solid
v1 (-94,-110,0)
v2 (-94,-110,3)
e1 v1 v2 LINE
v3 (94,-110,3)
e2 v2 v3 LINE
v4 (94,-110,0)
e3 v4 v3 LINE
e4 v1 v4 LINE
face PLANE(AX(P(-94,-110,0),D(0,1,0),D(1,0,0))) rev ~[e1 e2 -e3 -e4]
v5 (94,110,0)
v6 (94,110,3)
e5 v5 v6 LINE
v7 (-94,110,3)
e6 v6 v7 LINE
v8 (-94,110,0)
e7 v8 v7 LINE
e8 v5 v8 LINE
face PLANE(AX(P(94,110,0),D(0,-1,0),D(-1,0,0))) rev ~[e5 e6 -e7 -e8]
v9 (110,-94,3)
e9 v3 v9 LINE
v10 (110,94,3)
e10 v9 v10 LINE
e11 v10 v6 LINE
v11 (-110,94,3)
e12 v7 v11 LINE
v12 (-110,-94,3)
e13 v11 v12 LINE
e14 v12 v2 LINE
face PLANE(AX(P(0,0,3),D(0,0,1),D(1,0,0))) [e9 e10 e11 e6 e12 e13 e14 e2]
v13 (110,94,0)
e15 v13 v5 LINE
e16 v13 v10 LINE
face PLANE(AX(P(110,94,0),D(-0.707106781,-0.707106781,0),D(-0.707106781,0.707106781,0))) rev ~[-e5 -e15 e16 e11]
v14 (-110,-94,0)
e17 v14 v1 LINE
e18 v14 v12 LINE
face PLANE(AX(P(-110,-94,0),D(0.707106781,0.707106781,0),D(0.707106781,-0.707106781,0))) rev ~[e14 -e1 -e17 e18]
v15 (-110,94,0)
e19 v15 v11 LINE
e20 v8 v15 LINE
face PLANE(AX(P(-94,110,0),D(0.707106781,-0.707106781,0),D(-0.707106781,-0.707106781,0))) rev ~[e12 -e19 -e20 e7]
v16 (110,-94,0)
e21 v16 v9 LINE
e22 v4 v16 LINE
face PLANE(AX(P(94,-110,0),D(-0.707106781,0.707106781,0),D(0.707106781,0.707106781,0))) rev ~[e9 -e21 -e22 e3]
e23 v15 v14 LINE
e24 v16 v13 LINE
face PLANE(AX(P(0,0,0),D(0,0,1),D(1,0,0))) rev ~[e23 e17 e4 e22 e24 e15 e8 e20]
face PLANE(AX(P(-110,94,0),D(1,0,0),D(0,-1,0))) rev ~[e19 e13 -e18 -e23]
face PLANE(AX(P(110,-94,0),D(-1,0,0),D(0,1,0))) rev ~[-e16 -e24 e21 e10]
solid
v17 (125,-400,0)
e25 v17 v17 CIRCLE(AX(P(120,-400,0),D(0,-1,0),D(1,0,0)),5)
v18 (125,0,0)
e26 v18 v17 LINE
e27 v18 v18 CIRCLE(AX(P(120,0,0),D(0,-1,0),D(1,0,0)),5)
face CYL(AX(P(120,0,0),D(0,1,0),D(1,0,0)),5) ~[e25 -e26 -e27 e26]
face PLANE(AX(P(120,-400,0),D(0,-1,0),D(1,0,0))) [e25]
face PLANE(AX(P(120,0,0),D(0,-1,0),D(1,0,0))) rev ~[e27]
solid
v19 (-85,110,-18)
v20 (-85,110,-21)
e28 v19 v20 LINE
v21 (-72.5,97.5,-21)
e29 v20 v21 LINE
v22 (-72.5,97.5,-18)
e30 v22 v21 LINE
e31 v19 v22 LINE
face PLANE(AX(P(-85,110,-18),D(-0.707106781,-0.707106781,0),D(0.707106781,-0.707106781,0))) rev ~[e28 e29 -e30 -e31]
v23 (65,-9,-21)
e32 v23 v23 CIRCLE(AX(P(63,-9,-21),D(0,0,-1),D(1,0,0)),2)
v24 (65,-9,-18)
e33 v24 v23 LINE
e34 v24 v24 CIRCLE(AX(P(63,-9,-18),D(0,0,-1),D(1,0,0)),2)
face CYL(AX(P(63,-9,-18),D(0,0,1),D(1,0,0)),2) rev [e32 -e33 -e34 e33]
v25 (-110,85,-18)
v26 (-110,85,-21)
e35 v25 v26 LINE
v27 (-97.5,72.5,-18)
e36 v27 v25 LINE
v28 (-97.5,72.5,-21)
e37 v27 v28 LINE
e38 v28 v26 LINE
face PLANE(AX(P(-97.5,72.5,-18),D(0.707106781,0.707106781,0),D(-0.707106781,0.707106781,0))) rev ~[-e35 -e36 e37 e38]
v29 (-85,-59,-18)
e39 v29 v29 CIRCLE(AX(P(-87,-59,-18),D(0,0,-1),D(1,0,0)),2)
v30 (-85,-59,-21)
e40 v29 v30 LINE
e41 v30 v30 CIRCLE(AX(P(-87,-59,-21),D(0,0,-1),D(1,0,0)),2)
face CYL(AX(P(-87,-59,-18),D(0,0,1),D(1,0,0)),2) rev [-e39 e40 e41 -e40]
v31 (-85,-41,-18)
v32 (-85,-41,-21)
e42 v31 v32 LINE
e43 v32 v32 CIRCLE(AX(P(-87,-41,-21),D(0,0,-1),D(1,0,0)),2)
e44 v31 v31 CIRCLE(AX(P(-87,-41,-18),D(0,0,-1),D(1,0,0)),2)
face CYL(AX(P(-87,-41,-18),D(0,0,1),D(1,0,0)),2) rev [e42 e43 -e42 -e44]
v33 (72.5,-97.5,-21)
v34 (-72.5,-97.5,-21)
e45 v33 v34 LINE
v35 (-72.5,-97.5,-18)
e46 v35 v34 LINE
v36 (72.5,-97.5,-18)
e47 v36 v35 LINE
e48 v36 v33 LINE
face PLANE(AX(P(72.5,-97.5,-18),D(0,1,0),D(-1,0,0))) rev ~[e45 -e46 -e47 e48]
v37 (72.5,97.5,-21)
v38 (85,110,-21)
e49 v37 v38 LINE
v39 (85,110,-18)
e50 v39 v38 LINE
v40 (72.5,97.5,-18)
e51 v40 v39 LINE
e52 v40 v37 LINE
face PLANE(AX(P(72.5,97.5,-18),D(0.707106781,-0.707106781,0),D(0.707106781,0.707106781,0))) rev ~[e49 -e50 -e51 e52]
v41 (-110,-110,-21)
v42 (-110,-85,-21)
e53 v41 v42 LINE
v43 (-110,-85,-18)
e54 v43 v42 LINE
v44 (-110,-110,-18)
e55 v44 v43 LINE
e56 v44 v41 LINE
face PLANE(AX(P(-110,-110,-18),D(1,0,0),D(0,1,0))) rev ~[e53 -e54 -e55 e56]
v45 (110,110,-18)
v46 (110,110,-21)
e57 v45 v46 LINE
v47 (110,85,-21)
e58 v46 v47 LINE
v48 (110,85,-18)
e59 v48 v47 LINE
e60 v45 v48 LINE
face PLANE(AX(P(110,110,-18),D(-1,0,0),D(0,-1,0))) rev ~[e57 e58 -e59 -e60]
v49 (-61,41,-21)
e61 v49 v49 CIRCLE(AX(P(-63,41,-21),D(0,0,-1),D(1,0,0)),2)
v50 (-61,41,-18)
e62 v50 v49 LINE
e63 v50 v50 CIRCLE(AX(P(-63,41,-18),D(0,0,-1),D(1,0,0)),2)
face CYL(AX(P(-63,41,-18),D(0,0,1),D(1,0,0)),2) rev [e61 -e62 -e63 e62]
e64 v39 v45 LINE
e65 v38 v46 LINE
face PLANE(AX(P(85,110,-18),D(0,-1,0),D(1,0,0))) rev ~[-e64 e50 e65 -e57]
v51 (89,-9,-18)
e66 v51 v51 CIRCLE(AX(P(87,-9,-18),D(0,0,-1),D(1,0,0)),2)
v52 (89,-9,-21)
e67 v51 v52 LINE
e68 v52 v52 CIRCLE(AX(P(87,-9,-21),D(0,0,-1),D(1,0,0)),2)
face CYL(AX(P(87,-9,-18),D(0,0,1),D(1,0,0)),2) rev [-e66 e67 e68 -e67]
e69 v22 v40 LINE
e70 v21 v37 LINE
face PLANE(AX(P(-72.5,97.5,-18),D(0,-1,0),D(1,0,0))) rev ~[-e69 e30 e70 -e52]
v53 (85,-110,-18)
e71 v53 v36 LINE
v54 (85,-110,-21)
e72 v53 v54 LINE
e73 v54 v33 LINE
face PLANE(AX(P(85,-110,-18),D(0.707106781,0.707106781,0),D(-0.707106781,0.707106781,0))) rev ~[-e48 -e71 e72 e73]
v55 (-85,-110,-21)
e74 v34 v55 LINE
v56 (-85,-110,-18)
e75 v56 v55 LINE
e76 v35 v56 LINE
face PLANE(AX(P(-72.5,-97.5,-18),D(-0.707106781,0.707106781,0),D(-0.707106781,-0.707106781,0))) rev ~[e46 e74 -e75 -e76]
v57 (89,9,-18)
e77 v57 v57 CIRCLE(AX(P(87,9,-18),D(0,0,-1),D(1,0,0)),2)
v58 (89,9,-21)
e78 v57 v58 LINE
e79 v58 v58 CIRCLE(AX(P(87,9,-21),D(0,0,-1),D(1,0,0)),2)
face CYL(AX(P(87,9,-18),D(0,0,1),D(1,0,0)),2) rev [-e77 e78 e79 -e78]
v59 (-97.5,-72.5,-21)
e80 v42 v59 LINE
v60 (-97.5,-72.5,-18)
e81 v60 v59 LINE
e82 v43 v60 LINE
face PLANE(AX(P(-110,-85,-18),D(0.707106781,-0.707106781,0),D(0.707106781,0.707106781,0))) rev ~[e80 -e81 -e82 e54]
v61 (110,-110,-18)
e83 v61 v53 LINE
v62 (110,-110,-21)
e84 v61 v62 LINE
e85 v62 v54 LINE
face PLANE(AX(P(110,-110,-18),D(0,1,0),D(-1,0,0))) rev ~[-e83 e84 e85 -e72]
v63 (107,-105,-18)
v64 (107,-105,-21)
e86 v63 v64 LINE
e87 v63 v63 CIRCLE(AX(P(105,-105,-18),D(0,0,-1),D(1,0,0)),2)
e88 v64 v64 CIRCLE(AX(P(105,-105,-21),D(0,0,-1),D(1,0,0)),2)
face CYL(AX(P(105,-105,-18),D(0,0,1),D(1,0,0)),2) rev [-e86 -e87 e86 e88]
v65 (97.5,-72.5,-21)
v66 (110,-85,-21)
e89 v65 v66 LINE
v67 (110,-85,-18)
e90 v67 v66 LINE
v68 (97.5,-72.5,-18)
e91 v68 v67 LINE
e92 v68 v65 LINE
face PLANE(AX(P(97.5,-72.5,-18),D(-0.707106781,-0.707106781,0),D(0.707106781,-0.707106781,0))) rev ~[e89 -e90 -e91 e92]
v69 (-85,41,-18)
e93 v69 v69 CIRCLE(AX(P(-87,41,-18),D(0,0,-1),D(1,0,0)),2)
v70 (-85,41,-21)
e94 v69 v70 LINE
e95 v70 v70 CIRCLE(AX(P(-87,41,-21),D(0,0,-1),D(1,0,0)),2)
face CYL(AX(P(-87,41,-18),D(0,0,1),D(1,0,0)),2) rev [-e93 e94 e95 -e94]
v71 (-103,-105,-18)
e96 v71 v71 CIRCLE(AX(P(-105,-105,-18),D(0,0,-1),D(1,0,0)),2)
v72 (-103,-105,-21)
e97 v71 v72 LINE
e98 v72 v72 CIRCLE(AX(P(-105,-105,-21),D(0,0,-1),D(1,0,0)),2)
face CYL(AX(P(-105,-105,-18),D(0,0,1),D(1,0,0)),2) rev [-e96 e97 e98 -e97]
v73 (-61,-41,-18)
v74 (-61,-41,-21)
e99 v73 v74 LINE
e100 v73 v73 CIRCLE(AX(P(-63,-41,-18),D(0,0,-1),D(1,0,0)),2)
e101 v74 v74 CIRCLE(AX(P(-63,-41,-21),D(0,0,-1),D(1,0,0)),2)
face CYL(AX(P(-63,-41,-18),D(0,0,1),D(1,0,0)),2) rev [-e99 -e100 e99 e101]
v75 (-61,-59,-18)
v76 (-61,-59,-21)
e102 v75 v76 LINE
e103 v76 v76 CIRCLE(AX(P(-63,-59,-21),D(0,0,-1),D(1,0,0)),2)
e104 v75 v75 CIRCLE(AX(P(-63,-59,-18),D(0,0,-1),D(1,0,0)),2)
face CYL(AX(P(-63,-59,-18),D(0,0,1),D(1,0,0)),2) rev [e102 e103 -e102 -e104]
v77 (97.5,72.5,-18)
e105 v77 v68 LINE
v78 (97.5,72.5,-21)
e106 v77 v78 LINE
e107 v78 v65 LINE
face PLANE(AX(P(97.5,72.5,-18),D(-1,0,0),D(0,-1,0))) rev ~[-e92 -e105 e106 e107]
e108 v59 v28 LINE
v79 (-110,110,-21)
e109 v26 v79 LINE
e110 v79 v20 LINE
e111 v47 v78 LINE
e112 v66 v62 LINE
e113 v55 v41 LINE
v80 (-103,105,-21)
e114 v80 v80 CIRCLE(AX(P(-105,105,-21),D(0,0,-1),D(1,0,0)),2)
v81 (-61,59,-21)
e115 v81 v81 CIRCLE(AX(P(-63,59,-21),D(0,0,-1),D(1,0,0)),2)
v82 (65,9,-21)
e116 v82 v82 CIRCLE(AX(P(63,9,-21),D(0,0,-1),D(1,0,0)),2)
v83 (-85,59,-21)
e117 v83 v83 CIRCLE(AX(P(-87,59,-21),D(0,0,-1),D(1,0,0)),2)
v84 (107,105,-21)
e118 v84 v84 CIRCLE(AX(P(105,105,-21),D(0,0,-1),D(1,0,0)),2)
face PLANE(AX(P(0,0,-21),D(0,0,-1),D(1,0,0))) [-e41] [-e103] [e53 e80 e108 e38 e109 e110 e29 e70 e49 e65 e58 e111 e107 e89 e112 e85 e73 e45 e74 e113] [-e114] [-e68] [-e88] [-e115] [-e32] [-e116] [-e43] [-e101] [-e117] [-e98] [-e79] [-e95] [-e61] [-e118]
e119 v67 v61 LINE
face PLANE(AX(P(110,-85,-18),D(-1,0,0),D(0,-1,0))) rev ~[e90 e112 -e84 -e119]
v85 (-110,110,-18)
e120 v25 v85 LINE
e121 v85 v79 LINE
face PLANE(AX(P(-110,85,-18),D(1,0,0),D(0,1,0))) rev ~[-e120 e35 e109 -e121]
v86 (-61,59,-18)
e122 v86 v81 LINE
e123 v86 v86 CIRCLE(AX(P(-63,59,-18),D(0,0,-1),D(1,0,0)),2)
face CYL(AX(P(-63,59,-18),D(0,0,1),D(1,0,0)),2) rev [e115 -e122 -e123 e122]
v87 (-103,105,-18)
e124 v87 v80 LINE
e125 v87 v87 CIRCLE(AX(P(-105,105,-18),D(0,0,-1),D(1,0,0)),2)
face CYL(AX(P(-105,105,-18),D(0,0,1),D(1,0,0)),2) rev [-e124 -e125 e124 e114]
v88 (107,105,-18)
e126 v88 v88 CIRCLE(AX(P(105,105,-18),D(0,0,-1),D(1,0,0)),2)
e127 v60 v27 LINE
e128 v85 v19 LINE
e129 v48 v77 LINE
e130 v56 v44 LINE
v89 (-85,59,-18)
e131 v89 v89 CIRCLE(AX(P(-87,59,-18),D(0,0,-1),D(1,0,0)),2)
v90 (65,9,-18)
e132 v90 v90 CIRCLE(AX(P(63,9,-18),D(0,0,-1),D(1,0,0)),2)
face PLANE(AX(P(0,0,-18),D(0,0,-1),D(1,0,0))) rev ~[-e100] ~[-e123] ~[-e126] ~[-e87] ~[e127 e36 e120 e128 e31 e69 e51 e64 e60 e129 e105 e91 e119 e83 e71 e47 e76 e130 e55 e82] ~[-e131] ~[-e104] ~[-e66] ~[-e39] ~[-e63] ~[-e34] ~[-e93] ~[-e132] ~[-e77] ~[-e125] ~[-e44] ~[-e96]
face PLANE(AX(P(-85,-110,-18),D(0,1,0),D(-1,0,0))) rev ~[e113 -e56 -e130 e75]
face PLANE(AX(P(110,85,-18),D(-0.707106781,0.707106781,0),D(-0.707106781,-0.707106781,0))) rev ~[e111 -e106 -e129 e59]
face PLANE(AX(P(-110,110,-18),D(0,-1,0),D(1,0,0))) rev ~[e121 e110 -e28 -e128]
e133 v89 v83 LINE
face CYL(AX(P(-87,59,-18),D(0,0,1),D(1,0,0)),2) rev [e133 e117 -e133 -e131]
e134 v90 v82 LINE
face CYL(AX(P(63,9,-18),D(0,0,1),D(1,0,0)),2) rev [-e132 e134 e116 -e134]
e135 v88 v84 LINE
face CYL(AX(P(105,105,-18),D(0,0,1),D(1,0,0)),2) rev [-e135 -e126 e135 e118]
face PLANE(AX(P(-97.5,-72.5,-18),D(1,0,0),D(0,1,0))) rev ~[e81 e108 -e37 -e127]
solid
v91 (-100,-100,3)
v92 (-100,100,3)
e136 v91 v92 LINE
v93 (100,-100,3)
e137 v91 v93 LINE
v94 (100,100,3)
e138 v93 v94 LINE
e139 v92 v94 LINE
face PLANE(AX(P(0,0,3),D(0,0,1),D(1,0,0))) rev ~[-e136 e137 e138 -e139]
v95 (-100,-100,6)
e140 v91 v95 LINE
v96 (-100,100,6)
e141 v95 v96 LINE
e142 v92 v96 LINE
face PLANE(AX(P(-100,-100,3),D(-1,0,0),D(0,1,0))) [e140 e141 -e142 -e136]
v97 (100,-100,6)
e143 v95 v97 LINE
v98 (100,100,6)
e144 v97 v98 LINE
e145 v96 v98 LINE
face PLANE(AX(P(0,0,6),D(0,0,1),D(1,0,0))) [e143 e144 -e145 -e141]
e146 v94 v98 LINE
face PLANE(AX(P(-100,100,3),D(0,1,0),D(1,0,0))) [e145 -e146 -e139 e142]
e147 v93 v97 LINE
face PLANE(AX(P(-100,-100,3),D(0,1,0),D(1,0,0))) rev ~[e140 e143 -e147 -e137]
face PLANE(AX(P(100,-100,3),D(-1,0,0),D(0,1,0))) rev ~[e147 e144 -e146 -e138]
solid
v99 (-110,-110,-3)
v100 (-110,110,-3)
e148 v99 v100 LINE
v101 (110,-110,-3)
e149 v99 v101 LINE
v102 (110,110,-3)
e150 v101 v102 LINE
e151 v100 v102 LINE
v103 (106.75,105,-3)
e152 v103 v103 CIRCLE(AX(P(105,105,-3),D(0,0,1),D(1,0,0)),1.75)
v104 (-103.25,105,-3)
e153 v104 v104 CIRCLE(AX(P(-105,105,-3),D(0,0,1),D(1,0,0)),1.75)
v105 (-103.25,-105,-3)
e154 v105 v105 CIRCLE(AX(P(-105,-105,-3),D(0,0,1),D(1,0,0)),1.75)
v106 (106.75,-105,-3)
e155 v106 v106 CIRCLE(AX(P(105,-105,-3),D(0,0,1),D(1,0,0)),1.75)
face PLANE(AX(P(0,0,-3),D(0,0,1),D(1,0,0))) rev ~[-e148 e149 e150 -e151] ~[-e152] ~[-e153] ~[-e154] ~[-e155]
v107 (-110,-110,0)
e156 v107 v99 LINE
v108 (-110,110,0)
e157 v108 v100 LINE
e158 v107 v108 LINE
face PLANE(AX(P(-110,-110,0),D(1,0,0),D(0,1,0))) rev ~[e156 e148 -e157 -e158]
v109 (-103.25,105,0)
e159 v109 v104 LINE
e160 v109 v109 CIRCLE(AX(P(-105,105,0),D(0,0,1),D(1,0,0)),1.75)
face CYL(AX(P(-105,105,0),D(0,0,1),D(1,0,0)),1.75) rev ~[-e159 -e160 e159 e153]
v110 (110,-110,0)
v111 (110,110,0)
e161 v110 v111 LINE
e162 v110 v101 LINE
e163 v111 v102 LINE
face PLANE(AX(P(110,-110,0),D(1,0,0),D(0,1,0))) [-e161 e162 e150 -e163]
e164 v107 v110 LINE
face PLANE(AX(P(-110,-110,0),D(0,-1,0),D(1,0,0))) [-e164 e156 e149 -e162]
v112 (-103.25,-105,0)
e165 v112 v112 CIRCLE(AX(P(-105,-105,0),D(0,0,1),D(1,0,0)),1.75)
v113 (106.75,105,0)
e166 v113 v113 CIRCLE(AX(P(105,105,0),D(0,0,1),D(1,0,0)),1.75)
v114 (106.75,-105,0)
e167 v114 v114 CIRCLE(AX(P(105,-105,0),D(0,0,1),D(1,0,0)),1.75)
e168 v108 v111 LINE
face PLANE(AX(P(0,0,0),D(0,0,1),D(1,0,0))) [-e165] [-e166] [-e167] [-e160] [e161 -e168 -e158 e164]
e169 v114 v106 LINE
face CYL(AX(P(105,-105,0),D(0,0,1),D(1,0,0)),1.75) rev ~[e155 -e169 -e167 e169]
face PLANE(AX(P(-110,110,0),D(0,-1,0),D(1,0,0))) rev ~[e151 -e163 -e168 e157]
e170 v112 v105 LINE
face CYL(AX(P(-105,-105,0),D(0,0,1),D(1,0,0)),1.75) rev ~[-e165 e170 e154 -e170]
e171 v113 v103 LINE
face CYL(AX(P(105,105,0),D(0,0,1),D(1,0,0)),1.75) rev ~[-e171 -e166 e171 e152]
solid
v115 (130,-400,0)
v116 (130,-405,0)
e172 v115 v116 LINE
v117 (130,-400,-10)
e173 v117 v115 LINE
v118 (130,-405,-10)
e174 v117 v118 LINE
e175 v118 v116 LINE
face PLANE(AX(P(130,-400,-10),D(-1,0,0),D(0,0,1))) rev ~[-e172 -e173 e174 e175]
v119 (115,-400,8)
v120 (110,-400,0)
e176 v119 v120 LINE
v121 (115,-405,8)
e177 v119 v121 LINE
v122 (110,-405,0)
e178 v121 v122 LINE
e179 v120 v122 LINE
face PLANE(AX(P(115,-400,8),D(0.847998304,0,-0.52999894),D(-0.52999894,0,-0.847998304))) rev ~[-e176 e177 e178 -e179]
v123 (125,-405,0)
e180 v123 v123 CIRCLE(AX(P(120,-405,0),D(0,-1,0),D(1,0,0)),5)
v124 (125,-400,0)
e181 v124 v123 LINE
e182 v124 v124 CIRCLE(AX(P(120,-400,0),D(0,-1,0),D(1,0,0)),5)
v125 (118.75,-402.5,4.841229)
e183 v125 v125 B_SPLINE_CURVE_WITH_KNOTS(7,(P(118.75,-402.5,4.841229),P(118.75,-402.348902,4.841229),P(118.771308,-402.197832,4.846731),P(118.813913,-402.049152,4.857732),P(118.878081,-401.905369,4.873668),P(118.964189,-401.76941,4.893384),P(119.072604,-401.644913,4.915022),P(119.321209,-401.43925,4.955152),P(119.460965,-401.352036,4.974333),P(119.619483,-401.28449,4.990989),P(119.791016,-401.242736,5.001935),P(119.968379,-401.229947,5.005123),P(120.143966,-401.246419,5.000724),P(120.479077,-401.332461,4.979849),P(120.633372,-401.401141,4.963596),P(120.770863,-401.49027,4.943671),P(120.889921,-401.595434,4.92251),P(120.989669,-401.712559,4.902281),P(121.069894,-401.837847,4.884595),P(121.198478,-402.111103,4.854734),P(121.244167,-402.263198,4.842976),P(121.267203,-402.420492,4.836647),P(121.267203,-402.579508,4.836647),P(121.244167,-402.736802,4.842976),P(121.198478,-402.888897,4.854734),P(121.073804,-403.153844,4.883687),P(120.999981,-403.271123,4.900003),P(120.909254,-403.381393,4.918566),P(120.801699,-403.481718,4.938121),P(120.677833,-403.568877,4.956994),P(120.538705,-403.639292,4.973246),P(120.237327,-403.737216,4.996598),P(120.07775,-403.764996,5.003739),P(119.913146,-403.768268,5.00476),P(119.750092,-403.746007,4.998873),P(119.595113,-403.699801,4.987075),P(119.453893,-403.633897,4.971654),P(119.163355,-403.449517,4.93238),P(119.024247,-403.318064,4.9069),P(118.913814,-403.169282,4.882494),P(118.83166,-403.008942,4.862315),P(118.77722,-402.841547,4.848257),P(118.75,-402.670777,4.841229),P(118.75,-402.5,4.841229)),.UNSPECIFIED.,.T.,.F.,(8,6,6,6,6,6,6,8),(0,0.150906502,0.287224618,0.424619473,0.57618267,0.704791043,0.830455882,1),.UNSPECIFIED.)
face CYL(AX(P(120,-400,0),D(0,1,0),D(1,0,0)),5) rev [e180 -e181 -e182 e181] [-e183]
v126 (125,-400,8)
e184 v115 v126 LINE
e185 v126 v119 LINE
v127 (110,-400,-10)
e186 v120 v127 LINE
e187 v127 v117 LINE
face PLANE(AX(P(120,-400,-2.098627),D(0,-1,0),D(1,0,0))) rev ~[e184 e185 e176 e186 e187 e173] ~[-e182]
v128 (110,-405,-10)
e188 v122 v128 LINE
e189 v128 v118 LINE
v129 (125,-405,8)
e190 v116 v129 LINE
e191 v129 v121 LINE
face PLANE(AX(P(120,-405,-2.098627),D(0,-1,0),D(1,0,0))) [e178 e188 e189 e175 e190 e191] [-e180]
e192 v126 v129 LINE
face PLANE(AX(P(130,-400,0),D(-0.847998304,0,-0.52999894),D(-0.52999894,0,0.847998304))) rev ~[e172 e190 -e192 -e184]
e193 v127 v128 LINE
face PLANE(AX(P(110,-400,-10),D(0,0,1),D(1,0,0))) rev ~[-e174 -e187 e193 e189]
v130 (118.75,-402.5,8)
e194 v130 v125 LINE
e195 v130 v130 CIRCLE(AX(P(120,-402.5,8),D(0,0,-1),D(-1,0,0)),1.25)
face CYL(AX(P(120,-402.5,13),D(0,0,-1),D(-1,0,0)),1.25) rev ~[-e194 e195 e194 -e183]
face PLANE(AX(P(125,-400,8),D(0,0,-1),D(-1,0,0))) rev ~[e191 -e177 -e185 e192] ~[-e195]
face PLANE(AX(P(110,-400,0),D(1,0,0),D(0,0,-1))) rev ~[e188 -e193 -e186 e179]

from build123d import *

# Parameters (mm, degrees)
F1_DEPTH  = 3
F2_W      = 200
F2_H      = 200
F3_DEPTH  = 3
F4_W      = 220
F4_H      = 220
F4_R      = 1.75
F5_DEPTH  = 3
F7_R      = 2
F8_DEPTH  = 3
F9_R      = 5
F10_DEPTH = 400
F11_R     = 5
F12_DEPTH = 5
F14_D     = 2.5
F14_DEPTH = 5
F14_TIP   = 0.7510757738


with BuildPart() as f1:
    # F0 (on Top) → F1 (new body)
    with BuildSketch(Plane.XY):
        Polygon((110, -94), (110, 0), (110, 94), (94, 110), (0, 110), (-94, 110), (-110, 94), (-110, 0), (-110, -94), (-94, -110), (0, -110), (94, -110), align=None)
    extrude(amount=F1_DEPTH)


with BuildPart() as f3:
    # F2 (on face) → F3 (new body)
    with BuildSketch(Plane.XY.offset(3)):
        Rectangle(F2_W, F2_H)
    extrude(amount=F3_DEPTH)


with BuildPart() as f5:
    # F4 (on face) → F5 (new body)
    with BuildSketch(Plane.XY):
        Rectangle(F4_W, F4_H)
        with Locations((-105, -105)):
            Circle(F4_R, mode=Mode.SUBTRACT)
        with Locations((105, -105)):
            Circle(F4_R, mode=Mode.SUBTRACT)
        with Locations((-105, 105)):
            Circle(F4_R, mode=Mode.SUBTRACT)
        with Locations((105, 105)):
            Circle(F4_R, mode=Mode.SUBTRACT)
    extrude(amount=-F5_DEPTH)


with BuildPart() as f8:
    # F7 (on offset) → F8 (new body)
    with BuildSketch(Plane(origin=(0, 0, -18), x_dir=(1, 0, 0), z_dir=(0, 0, -1))):
        Polygon((72.5, 97.5), (0, 97.5), (-72.5, 97.5), (-85, 110), (-110, 110), (-110, 85), (-97.5, 72.5), (-97.5, 3.4057122501), (-97.5, -3.4057122501), (-97.5, -72.5), (-110, -85), (-110, -110), (-85, -110), (-72.5, -97.5), (0, -97.5), (72.5, -97.5), (85, -110), (110, -110), (110, -85), (97.5, -72.5), (97.5, -3.4057122501), (97.5, 3.4057122501), (97.5, 72.5), (110, 85), (110, 110), (85, 110), align=None)
        with Locations((-105, -105)):
            Circle(F7_R, mode=Mode.SUBTRACT)
        with Locations((-87, -59)):
            Circle(F7_R, mode=Mode.SUBTRACT)
        with Locations((-63, -59)):
            Circle(F7_R, mode=Mode.SUBTRACT)
        with Locations((-87, -41)):
            Circle(F7_R, mode=Mode.SUBTRACT)
        with Locations((-63, -41)):
            Circle(F7_R, mode=Mode.SUBTRACT)
        with Locations((105, -105)):
            Circle(F7_R, mode=Mode.SUBTRACT)
        with Locations((63, -9)):
            Circle(F7_R, mode=Mode.SUBTRACT)
        with Locations((87, -9)):
            Circle(F7_R, mode=Mode.SUBTRACT)
        with Locations((-87, 41)):
            Circle(F7_R, mode=Mode.SUBTRACT)
        with Locations((-63, 41)):
            Circle(F7_R, mode=Mode.SUBTRACT)
        with Locations((-87, 59)):
            Circle(F7_R, mode=Mode.SUBTRACT)
        with Locations((-63, 59)):
            Circle(F7_R, mode=Mode.SUBTRACT)
        with Locations((-105, 105)):
            Circle(F7_R, mode=Mode.SUBTRACT)
        with Locations((63, 9)):
            Circle(F7_R, mode=Mode.SUBTRACT)
        with Locations((87, 9)):
            Circle(F7_R, mode=Mode.SUBTRACT)
        with Locations((105, 105)):
            Circle(F7_R, mode=Mode.SUBTRACT)
    extrude(amount=F8_DEPTH)


with BuildPart() as f10:
    # F9 (on Front) → F10 (new body)
    with BuildSketch(Plane.XZ):
        with Locations((120, 0)):
            Circle(F9_R)
    extrude(amount=F10_DEPTH)


with BuildPart() as f12:
    # F11 (on face) → F12 (new body)
    with BuildSketch(Plane.XZ.offset(400)):
        Polygon((110, 0), (110, -10), (130, -10), (130, 0), (125, 8), (115, 8), align=None)
        with Locations((120, 0)):
            Circle(F11_R, mode=Mode.SUBTRACT)
    extrude(amount=F12_DEPTH)

    # F14
    with Locations(Plane.XY.offset(8)):
        with Locations((120, -402.5)):
            Hole(F14_D / 2, depth=F14_DEPTH)
            with Locations((0, 0, -(F14_DEPTH + F14_TIP / 2))):  # 118° drill point
                Cone(0, F14_D / 2, F14_TIP, mode=Mode.SUBTRACT)


solid = Compound([f1.part, f3.part, f5.part, f8.part, f10.part, f12.part])
